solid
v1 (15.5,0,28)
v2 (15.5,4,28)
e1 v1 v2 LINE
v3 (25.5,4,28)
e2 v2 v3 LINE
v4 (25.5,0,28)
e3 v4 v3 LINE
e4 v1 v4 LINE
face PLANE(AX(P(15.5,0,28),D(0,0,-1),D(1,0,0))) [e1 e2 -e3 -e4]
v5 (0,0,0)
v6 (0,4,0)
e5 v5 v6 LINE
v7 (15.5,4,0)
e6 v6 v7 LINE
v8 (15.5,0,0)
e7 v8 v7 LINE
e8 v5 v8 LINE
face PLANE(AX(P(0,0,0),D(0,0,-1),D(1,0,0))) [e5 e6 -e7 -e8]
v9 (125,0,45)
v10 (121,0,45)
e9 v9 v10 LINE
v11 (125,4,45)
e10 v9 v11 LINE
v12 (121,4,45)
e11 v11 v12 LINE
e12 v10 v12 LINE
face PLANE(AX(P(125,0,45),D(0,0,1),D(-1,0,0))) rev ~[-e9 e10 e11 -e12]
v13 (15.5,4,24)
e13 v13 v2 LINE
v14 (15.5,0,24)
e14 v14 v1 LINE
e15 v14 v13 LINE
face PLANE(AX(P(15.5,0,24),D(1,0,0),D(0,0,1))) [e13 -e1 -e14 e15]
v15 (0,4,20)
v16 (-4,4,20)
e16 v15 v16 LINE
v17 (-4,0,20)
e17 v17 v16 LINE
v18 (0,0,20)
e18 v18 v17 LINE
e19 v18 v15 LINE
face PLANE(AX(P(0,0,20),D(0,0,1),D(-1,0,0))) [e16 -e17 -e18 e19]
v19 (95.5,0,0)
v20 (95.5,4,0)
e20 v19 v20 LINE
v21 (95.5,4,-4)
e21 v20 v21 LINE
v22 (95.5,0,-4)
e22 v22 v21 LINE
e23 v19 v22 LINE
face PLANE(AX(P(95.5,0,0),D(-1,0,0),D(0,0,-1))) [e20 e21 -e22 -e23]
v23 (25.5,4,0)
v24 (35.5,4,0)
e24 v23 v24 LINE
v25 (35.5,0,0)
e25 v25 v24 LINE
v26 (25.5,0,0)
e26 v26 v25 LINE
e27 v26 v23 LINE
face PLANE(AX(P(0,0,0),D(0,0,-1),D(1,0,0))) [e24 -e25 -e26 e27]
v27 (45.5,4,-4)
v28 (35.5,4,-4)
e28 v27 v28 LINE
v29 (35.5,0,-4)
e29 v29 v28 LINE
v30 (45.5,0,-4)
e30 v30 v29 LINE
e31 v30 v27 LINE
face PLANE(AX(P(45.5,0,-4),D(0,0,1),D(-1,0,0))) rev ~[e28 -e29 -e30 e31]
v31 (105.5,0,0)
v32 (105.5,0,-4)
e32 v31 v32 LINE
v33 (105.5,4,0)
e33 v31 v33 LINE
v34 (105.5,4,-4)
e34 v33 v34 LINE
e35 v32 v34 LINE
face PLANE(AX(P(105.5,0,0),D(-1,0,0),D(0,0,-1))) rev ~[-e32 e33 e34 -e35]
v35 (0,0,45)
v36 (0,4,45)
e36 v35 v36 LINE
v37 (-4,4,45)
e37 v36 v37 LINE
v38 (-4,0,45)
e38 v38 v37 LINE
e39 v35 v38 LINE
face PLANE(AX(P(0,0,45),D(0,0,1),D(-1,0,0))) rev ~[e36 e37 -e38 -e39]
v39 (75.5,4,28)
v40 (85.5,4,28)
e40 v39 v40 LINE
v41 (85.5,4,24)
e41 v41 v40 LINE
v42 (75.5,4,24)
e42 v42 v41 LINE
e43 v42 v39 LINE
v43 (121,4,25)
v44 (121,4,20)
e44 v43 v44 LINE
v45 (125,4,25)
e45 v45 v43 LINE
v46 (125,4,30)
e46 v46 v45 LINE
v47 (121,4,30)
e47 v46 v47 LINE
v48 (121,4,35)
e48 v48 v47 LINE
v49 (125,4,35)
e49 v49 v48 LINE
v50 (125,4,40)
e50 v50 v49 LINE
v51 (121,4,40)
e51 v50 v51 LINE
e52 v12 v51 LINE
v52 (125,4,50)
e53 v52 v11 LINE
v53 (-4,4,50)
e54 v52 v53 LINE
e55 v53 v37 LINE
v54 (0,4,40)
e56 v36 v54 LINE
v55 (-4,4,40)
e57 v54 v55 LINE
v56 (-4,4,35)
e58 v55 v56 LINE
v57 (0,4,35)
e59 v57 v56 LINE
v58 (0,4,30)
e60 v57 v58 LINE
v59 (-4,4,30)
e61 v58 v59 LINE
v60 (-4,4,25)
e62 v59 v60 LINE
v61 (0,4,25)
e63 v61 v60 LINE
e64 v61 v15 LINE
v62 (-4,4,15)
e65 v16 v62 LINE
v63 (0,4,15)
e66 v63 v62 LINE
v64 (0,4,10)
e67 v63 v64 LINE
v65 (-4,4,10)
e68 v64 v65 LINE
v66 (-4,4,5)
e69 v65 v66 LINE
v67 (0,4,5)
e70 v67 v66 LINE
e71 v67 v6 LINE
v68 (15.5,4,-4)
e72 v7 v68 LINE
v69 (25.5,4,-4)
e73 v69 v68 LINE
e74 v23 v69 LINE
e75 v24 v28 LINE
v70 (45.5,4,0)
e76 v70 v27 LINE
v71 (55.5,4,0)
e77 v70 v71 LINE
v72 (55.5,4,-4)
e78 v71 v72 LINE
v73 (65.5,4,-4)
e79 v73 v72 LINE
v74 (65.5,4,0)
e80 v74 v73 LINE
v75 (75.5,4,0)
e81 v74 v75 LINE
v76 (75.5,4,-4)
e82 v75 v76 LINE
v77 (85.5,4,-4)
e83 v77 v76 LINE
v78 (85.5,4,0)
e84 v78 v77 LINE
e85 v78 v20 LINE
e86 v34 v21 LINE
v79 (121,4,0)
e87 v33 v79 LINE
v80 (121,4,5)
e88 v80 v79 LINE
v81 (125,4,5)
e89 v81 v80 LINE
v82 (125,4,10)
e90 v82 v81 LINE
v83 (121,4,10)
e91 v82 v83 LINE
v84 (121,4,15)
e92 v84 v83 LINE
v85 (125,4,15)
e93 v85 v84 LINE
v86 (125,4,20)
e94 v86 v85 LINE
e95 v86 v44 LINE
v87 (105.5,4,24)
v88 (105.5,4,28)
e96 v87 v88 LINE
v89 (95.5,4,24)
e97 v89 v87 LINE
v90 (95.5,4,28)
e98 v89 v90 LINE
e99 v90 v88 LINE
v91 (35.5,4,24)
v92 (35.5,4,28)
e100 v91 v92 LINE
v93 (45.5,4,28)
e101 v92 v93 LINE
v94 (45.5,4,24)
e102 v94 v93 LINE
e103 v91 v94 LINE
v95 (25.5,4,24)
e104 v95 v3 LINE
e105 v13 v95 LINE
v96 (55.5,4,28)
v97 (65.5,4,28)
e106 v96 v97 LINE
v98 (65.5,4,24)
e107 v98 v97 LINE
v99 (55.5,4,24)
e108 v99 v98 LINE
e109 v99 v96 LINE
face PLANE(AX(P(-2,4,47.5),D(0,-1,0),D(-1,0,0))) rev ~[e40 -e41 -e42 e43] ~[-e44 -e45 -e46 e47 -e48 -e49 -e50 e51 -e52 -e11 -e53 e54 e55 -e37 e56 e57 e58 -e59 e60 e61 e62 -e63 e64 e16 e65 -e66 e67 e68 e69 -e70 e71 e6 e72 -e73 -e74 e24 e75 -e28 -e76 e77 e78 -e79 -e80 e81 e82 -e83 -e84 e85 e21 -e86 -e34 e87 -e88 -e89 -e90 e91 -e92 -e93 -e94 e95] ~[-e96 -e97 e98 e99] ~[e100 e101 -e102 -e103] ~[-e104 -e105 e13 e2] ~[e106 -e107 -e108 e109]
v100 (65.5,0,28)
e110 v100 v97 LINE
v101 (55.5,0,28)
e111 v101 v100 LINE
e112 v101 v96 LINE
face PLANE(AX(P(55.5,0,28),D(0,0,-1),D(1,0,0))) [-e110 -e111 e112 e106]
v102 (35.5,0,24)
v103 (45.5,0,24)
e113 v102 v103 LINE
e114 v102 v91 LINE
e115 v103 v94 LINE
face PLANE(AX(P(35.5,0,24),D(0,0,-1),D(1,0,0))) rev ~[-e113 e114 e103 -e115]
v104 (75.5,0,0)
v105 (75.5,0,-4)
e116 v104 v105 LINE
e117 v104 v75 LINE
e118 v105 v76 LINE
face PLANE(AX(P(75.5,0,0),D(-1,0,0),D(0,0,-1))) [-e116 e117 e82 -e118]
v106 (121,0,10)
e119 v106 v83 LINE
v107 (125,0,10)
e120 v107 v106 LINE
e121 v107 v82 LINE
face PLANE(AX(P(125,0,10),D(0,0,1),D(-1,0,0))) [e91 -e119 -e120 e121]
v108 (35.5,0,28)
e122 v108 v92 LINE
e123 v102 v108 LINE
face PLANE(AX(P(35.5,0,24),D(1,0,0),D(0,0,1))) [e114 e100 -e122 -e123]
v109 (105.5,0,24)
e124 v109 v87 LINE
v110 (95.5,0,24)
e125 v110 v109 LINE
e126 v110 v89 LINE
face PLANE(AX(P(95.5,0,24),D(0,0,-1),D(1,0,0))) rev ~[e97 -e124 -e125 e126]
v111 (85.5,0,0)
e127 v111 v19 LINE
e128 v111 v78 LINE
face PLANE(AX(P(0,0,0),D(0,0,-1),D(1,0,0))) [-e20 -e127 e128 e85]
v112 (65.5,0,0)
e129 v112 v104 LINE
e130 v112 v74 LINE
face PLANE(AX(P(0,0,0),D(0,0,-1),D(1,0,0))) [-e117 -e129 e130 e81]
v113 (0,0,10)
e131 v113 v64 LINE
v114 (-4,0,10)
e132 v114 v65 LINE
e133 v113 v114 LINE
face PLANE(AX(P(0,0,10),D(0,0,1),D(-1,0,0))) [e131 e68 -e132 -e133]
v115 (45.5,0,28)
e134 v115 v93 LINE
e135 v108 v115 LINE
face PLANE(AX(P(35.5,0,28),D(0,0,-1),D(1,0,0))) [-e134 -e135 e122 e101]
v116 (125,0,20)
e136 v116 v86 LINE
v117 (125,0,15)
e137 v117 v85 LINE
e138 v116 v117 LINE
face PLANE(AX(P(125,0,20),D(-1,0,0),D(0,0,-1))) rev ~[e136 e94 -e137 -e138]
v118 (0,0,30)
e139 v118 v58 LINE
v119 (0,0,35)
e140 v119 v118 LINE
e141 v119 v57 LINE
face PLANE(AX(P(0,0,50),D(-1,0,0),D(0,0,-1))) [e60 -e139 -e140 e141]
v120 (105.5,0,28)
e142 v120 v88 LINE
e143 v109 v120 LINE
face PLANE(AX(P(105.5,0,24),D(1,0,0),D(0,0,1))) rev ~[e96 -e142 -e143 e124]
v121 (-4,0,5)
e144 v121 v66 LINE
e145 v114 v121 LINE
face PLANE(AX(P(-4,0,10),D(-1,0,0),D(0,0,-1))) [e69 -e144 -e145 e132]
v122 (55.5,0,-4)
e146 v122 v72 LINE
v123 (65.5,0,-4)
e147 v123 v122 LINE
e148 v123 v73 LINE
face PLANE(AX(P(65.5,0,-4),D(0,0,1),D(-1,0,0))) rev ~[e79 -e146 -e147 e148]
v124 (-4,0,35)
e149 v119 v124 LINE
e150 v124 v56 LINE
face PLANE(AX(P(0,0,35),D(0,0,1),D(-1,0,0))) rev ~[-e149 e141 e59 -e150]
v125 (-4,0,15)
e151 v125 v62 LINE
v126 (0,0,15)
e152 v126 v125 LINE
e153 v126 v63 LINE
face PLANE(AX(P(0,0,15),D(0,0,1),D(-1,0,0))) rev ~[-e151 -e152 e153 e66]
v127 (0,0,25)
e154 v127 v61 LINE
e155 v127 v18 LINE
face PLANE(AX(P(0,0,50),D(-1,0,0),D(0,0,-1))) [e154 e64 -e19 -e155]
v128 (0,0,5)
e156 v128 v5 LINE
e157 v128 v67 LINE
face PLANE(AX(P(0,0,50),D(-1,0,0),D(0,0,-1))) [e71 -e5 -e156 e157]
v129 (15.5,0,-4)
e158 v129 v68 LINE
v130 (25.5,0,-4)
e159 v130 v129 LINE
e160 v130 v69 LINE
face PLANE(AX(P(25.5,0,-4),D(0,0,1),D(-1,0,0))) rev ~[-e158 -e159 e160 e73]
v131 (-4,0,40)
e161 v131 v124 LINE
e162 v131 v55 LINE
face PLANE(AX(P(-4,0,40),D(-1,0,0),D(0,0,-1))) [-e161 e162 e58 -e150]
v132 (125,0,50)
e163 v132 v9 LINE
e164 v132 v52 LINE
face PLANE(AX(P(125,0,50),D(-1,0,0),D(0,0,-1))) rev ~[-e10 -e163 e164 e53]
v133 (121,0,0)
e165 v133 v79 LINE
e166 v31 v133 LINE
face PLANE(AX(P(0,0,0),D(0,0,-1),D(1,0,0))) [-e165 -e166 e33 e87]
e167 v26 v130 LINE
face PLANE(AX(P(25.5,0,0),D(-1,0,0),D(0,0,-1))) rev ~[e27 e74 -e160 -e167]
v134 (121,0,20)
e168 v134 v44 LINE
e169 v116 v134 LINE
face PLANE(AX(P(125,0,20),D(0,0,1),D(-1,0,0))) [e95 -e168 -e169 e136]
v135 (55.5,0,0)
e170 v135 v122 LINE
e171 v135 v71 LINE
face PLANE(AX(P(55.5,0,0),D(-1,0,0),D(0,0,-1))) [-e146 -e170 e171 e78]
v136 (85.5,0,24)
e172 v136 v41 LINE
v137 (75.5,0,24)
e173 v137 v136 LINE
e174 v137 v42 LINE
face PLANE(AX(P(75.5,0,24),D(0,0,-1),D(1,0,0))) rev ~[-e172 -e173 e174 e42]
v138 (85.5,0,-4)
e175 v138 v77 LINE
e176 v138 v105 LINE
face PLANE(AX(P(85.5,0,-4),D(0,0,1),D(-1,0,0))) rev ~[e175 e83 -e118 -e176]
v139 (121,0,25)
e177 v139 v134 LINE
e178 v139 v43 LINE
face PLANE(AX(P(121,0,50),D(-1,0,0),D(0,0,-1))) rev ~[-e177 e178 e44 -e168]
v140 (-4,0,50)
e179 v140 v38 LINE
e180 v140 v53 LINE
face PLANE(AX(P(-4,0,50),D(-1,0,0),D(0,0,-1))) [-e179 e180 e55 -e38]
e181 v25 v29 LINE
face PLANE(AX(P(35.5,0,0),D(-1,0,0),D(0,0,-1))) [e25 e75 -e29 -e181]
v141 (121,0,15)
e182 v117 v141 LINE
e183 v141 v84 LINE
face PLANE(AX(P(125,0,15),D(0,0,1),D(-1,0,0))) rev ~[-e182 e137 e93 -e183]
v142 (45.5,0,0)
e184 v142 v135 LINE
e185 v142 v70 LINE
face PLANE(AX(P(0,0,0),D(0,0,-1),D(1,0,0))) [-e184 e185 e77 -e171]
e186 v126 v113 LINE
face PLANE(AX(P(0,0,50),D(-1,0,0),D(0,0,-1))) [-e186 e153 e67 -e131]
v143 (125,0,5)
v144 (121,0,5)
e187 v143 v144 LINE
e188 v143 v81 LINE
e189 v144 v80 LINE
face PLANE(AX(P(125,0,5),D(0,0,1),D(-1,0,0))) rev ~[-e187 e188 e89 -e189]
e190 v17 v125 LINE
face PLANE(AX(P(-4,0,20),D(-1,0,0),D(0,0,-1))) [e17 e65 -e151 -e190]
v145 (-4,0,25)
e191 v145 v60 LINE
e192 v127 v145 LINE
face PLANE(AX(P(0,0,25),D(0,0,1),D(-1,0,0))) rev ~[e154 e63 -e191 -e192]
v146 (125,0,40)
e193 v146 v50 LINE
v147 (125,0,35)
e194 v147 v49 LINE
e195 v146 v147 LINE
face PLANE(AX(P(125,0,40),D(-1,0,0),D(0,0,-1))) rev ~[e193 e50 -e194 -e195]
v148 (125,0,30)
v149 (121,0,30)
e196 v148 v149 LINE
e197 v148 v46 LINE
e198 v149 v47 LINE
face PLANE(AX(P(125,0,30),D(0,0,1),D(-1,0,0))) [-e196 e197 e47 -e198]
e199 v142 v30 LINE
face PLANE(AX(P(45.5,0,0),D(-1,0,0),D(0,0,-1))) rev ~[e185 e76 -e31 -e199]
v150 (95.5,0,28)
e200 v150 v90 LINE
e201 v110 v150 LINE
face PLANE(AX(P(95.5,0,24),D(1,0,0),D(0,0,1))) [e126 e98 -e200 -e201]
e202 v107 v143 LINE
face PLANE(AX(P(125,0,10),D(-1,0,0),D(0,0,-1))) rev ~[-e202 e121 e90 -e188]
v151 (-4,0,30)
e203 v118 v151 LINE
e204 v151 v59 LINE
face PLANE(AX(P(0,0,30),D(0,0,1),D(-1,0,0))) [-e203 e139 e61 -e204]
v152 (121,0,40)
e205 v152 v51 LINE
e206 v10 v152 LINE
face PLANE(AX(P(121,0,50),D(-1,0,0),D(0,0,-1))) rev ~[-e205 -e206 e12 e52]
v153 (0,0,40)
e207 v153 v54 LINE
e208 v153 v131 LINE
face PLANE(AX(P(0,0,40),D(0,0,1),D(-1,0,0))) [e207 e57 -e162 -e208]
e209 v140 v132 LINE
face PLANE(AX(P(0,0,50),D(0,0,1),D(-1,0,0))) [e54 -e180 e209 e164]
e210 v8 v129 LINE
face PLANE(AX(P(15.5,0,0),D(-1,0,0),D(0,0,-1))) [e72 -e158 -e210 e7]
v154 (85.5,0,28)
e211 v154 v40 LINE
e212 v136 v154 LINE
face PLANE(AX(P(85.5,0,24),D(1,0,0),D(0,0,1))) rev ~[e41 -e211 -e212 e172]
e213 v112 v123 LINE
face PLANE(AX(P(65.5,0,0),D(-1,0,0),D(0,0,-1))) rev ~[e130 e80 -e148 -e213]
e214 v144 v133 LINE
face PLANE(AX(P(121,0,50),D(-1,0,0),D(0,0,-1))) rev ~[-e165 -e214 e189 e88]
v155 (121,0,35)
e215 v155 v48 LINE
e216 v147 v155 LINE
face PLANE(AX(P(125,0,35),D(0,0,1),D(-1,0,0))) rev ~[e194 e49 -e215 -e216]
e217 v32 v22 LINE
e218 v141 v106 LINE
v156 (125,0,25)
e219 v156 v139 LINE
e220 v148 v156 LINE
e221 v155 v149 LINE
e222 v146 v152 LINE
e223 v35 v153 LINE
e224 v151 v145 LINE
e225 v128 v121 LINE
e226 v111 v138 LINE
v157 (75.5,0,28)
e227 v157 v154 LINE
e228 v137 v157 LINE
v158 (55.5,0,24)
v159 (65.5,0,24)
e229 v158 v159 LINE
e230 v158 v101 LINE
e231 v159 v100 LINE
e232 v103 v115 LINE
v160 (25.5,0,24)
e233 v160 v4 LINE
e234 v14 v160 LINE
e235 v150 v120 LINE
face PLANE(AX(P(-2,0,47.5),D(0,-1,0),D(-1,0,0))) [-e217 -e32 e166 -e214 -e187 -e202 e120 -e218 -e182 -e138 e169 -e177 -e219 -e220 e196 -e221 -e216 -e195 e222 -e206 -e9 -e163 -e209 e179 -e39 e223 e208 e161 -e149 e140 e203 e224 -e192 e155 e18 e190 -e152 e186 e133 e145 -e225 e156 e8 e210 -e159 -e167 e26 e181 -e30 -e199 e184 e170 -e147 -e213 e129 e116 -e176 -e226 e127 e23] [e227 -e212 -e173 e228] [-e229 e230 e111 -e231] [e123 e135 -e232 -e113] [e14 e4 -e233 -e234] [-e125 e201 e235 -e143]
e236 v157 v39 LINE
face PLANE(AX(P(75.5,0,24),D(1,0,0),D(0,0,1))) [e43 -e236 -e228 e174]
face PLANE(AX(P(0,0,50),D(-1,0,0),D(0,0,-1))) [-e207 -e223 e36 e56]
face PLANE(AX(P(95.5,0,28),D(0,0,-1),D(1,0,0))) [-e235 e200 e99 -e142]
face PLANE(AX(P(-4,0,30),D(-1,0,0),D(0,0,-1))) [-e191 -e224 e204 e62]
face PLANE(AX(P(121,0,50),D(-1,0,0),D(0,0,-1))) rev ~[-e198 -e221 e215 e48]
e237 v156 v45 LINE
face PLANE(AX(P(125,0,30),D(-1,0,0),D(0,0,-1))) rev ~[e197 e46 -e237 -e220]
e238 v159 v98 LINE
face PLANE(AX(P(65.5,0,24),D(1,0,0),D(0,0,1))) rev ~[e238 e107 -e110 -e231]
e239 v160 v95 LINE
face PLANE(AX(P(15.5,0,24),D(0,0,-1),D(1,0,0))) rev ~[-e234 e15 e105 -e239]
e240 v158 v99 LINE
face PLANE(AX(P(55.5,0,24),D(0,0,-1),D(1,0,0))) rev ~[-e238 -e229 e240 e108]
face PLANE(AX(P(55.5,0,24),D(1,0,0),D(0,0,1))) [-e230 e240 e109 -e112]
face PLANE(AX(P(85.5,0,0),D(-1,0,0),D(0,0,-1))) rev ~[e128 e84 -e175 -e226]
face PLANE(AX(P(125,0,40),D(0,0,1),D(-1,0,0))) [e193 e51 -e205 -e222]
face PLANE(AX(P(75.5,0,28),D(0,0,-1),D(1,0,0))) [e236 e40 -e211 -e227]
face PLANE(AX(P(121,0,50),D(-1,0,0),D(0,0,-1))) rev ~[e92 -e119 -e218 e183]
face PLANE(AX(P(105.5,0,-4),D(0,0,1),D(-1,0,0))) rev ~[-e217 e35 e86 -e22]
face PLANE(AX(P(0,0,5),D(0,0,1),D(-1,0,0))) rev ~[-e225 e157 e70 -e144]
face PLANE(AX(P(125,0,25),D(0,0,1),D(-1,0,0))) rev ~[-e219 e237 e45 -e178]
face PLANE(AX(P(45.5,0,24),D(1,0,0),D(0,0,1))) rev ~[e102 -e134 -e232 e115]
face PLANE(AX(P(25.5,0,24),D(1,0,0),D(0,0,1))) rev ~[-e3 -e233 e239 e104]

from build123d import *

# Parameters (mm, degrees)
SKETCH1_W           = 121
SKETCH1_H           = 50
BOSS_EXTRUDE1_DEPTH = 4
SKETCH2_W           = 4
SKETCH2_H           = 5
BOSS_EXTRUDE2_DEPTH = 4
LPATTERN1_COUNT     = 5
LPATTERN1_PITCH     = 10
SKETCH3_W           = 10
SKETCH3_H           = 4
BOSS_EXTRUDE3_DEPTH = 4
LPATTERN2_COUNT     = 3
LPATTERN2_PITCH     = 20
LPATTERN2_COL_COUNT = 3
LPATTERN2_COL_PITCH = 20
SKETCH4_W           = 10
SKETCH4_H           = 4
CUT_EXTRUDE1_DEPTH  = 135.688529578


with BuildPart() as part:
    # Sketch1 → Boss-Extrude1 (new body)
    with BuildSketch(Plane(origin=(0, 0, 0), x_dir=(1, 0, 0), z_dir=(0, 1, 0))):
        with Locations((60.5, -25)):
            Rectangle(SKETCH1_W, SKETCH1_H)
    extrude(amount=BOSS_EXTRUDE1_DEPTH)

    # Sketch2 → Boss-Extrude2 (add, through all)
    with BuildSketch(Plane(origin=(0, 0, 0), x_dir=(-1, 0, 0), z_dir=(0, -1, 0))):
        with Locations((2, -47.5)):
            Rectangle(SKETCH2_W, SKETCH2_H)
        with Locations((-123, -47.5)):
            Rectangle(SKETCH2_W, SKETCH2_H)
    boss_extrude2 = extrude(amount=-BOSS_EXTRUDE2_DEPTH)

    # LPattern1: Boss-Extrude2 ×5
    with Locations(*[(0, 0, -i * LPATTERN1_PITCH) for i in range(1, LPATTERN1_COUNT)]):
        add(boss_extrude2)

    # Sketch3 → Boss-Extrude3 (add, through all)
    with BuildSketch(Plane(origin=(0, 0, 0), x_dir=(-1, 0, 0), z_dir=(0, -1, 0))):
        with Locations((-60.5, 2)):
            Rectangle(SKETCH3_W, SKETCH3_H)
    boss_extrude3 = extrude(amount=-BOSS_EXTRUDE3_DEPTH)

    # LPattern2: Boss-Extrude3 ×3
    with Locations(*[(i * LPATTERN2_PITCH, 0, 0) for i in range(1, LPATTERN2_COUNT)]):
        add(boss_extrude3)

    # LPattern2 col: Boss-Extrude3 ×3
    with Locations(*[(-i * LPATTERN2_COL_PITCH, 0, 0) for i in range(1, LPATTERN2_COL_COUNT)]):
        add(boss_extrude3)

    # Sketch4 → Cut-Extrude1 (cut, through all)
    with BuildSketch(Plane.XZ):
        with Locations((20.5, 26)):
            Rectangle(SKETCH4_W, SKETCH4_H)
        with Locations((40.5, 26)):
            Rectangle(SKETCH4_W, SKETCH4_H)
        with Locations((60.5, 26)):
            Rectangle(SKETCH4_W, SKETCH4_H)
        with Locations((80.5, 26)):
            Rectangle(SKETCH4_W, SKETCH4_H)
        with Locations((100.5, 26)):
            Rectangle(SKETCH4_W, SKETCH4_H)
    extrude(amount=-CUT_EXTRUDE1_DEPTH, mode=Mode.SUBTRACT)


solid = part.part
